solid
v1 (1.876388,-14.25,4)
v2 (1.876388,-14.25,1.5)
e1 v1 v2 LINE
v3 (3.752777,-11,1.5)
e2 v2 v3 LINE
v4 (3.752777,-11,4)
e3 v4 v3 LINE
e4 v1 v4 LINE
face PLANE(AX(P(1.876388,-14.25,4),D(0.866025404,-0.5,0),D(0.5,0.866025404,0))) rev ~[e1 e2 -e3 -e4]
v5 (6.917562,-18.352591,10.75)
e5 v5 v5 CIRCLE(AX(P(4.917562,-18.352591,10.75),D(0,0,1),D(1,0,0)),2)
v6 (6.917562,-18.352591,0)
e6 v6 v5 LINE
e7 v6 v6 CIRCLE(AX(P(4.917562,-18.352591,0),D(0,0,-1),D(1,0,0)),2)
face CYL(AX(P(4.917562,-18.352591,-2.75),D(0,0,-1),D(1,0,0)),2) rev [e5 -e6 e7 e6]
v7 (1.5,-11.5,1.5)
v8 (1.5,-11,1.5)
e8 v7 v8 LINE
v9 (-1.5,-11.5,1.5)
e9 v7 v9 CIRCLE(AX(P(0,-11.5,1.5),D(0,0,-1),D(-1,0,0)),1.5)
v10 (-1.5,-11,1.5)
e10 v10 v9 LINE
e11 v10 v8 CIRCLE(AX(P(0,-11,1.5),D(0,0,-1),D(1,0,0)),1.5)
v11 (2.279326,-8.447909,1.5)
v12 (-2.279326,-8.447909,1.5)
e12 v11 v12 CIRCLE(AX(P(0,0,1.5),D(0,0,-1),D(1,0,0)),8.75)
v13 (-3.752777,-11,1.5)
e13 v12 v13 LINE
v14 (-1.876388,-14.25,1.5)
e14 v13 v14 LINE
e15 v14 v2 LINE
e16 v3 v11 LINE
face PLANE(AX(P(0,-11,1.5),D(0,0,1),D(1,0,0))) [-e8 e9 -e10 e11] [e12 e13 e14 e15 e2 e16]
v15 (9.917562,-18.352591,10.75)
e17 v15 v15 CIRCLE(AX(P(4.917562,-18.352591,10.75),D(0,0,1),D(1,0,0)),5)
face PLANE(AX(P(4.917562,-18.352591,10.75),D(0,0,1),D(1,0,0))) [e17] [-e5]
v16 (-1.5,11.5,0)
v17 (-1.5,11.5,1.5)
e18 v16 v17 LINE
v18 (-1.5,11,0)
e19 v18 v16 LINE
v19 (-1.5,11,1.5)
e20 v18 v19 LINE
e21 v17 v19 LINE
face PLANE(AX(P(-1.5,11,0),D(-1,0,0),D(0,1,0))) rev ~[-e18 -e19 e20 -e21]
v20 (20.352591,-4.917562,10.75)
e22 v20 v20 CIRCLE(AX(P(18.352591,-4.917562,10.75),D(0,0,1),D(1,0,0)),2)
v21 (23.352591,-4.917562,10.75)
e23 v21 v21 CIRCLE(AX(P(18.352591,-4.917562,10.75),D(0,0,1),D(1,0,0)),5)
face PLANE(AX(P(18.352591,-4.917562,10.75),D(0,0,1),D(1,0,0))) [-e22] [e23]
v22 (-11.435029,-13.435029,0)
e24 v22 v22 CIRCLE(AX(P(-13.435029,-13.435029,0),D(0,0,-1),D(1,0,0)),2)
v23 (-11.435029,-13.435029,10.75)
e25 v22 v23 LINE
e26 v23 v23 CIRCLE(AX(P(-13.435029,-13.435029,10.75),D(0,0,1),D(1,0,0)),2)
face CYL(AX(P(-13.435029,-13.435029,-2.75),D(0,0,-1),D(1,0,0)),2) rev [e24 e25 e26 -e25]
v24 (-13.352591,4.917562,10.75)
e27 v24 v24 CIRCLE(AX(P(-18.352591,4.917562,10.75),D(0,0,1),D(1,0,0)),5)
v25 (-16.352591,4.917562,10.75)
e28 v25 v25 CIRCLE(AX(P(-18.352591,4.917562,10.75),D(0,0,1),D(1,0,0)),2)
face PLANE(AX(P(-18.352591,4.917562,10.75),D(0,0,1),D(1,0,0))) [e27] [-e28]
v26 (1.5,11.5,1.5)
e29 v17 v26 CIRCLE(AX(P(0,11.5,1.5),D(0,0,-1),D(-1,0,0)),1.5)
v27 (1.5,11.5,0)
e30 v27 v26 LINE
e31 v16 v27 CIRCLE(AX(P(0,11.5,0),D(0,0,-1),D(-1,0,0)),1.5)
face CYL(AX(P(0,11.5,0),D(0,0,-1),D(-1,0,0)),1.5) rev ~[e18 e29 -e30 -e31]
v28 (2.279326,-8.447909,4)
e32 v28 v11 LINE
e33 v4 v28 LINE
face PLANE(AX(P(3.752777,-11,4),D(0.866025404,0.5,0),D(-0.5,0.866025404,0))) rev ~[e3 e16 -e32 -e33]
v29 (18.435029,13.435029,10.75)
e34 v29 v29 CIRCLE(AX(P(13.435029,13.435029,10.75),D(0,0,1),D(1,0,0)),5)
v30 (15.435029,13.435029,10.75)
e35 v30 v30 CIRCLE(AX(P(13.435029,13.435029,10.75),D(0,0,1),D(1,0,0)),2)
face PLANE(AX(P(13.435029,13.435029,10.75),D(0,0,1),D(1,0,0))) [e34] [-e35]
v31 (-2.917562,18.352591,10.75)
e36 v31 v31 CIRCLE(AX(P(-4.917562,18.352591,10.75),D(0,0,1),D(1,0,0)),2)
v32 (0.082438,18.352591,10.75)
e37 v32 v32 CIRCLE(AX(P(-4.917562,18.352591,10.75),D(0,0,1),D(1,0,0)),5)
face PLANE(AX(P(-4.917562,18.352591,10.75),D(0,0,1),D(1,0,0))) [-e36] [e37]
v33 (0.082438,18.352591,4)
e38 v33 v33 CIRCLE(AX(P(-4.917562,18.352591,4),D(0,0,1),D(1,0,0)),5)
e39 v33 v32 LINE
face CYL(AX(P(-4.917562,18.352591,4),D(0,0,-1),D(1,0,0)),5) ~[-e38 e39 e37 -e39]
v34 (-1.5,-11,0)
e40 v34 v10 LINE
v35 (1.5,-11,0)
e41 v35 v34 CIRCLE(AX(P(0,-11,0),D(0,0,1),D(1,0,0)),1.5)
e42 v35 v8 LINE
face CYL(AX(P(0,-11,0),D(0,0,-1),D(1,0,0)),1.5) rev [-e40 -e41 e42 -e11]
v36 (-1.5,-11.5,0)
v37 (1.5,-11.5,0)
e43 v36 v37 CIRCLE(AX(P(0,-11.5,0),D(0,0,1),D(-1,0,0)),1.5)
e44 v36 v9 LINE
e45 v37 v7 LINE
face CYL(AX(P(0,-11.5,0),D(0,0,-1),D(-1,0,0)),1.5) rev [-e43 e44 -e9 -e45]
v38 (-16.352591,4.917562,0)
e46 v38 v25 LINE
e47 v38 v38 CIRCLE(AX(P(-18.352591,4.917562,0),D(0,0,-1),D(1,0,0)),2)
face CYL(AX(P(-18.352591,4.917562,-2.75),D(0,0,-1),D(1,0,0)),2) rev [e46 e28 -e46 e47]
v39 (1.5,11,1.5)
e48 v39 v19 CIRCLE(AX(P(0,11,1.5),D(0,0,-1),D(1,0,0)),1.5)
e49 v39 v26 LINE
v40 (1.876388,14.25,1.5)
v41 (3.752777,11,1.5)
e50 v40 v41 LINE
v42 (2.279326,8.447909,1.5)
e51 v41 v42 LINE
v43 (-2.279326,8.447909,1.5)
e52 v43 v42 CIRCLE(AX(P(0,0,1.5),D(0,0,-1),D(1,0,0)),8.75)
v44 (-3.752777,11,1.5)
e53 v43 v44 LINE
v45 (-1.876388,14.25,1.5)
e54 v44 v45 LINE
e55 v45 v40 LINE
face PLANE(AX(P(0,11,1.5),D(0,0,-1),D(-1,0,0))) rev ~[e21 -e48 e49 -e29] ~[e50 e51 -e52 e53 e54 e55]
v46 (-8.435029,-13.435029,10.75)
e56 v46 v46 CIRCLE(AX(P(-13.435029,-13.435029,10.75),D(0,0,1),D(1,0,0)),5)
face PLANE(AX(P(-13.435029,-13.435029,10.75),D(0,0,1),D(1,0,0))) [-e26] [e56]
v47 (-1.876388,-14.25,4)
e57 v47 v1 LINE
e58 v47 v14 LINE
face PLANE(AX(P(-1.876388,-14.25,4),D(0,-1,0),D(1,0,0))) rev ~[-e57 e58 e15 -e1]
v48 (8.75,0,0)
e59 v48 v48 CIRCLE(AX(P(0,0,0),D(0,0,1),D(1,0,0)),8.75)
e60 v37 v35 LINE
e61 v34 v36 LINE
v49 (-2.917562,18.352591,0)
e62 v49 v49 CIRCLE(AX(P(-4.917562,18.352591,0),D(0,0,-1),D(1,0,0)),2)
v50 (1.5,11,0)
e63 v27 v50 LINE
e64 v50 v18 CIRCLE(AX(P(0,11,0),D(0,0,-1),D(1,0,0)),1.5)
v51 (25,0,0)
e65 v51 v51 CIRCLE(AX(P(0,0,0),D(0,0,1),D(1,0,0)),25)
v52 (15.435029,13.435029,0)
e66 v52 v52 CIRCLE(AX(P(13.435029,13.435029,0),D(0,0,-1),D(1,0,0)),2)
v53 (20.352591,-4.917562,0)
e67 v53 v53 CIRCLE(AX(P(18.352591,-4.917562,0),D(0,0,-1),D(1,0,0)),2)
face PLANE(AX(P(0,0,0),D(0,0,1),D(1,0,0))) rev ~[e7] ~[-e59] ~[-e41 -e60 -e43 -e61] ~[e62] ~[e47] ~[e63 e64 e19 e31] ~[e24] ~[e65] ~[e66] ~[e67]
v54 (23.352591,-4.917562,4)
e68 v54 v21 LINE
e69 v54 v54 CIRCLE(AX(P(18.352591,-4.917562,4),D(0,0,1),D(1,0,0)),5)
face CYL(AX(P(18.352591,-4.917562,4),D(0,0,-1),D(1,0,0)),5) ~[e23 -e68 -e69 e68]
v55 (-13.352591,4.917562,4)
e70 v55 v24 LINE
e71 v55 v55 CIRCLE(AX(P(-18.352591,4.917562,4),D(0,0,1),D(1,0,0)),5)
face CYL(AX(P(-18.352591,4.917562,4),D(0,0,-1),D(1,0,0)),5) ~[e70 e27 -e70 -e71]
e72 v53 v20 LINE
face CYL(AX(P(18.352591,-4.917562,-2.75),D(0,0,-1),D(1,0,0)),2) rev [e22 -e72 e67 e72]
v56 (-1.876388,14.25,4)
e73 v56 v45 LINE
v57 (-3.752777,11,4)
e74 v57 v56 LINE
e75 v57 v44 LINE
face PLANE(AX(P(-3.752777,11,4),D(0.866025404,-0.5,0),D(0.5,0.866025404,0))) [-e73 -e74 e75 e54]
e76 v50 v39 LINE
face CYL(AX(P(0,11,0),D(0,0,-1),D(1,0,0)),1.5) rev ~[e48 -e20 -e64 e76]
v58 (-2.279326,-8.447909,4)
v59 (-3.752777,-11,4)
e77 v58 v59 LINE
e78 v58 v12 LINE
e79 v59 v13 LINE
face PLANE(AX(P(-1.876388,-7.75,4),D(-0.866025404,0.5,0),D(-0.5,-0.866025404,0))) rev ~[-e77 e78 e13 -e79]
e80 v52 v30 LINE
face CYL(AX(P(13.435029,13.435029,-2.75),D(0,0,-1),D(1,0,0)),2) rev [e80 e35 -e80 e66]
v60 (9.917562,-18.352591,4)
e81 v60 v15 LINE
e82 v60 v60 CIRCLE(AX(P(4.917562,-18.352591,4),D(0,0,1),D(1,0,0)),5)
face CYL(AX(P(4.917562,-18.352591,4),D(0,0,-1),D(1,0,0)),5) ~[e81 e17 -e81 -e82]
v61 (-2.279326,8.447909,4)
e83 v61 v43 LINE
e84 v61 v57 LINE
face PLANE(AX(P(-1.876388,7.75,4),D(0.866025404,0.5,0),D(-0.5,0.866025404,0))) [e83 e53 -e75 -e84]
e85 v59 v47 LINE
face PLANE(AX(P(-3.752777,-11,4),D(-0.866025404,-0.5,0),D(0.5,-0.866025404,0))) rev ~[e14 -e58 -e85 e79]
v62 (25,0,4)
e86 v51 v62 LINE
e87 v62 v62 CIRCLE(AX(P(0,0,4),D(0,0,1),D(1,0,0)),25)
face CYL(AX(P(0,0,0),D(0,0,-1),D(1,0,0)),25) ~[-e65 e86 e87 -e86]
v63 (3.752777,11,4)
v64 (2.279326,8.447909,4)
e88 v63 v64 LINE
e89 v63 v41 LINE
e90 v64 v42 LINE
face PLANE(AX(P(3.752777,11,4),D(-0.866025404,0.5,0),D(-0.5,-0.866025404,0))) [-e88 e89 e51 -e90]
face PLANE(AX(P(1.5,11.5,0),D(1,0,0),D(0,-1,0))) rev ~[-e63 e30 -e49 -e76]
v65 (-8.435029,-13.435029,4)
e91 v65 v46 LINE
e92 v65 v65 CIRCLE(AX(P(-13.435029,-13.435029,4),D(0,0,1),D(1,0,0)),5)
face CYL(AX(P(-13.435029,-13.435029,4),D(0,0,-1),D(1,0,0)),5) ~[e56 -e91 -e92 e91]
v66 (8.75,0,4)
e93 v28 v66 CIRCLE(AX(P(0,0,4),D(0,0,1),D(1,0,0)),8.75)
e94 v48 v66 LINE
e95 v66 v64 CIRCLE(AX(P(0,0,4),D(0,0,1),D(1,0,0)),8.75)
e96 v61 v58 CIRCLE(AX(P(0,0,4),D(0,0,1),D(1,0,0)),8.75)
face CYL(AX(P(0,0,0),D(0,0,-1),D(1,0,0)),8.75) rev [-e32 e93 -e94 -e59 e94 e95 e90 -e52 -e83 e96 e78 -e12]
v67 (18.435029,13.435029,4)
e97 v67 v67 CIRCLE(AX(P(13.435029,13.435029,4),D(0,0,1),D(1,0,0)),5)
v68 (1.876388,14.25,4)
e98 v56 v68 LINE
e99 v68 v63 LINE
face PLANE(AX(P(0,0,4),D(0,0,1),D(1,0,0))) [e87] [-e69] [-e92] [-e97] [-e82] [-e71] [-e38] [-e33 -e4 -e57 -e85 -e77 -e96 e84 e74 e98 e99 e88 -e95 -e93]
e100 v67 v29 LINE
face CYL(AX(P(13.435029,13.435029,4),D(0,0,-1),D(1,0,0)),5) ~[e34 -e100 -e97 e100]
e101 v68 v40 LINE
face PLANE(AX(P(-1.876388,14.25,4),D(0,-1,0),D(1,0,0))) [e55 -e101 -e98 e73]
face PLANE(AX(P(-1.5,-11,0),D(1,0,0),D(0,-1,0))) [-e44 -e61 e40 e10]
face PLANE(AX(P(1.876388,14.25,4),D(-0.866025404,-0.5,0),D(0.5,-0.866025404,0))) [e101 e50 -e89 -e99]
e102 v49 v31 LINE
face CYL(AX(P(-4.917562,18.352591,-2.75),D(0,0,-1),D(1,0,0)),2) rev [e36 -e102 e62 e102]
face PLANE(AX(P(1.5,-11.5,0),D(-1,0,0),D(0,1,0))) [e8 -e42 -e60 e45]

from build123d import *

# Parameters (mm, degrees)
SKETCH1_R           = 25
SKETCH1_R_2         = 8.75
BOSS_EXTRUDE1_DEPTH = 4
SKETCH2_R           = 5
SKETCH2_R_2         = 2
BOSS_EXTRUDE2_DEPTH = 6.75
CUT_EXTRUDE1_START  = -6.75
SKETCH5_R           = 2
CUT_EXTRUDE1_DEPTH  = 6.75
CUT_EXTRUDE2_DEPTH  = 2.5


with BuildPart() as part:
    # Sketch1 → Boss-Extrude1 (new body)
    with BuildSketch(Plane.XY):
        Circle(SKETCH1_R)
        Circle(SKETCH1_R_2, mode=Mode.SUBTRACT)
        with BuildLine():
            Line((-1.5, 11), (-1.5, 11.5))
            ThreePointArc((-1.5, 11.5), (0, 13), (1.5, 11.5))
            Line((1.5, 11.5), (1.5, 11))
            ThreePointArc((1.5, 11), (0, 9.5), (-1.5, 11))
        make_face(mode=Mode.SUBTRACT)
        with BuildLine():
            Line((-1.5, -11), (-1.5, -11.5))
            ThreePointArc((-1.5, -11.5), (0, -13), (1.5, -11.5))
            Line((1.5, -11.5), (1.5, -11))
            ThreePointArc((1.5, -11), (0, -9.5), (-1.5, -11))
        make_face(mode=Mode.SUBTRACT)
    extrude(amount=BOSS_EXTRUDE1_DEPTH)

    # Sketch2 → Boss-Extrude2 (add)
    # profile 1 of 6: a face of its own
    with BuildSketch(Plane.XY.offset(4)):
        with Locations((-4.917561857, 18.352590699)):
            Circle(SKETCH2_R)
        with Locations((-4.917561857, 18.352590699)):
            Circle(SKETCH2_R_2, mode=Mode.SUBTRACT)
    # profile 2 of 6: a face of its own
    with BuildSketch(Plane.XY.offset(4)):
        with Locations((-18.352590699, 4.917561857)):
            Circle(SKETCH2_R)
        with Locations((-18.352590699, 4.917561857)):
            Circle(SKETCH2_R_2, mode=Mode.SUBTRACT)
    # profile 3 of 6: a face of its own
    with BuildSketch(Plane.XY.offset(4)):
        with Locations((-13.435028843, -13.435028843)):
            Circle(SKETCH2_R)
        with Locations((-13.435028843, -13.435028843)):
            Circle(SKETCH2_R_2, mode=Mode.SUBTRACT)
    # profile 4 of 6: a face of its own
    with BuildSketch(Plane.XY.offset(4)):
        with Locations((4.917561857, -18.352590699)):
            Circle(SKETCH2_R)
        with Locations((4.917561857, -18.352590699)):
            Circle(SKETCH2_R_2, mode=Mode.SUBTRACT)
    # profile 5 of 6: a face of its own
    with BuildSketch(Plane.XY.offset(4)):
        with Locations((18.352590699, -4.917561857)):
            Circle(SKETCH2_R)
        with Locations((18.352590699, -4.917561857)):
            Circle(SKETCH2_R_2, mode=Mode.SUBTRACT)
    # profile 6 of 6: a face of its own
    with BuildSketch(Plane.XY.offset(4)):
        with Locations((13.435028843, 13.435028843)):
            Circle(SKETCH2_R)
        with Locations((13.435028843, 13.435028843)):
            Circle(SKETCH2_R_2, mode=Mode.SUBTRACT)
    extrude(amount=BOSS_EXTRUDE2_DEPTH)

    # Sketch5 → Cut-Extrude1 (cut)
    with BuildSketch(Plane.XY.offset(4).offset(CUT_EXTRUDE1_START)):
        with Locations((-18.352590699, 4.917561857)):
            Circle(SKETCH5_R)
        with Locations((-13.435028843, -13.435028843)):
            Circle(SKETCH5_R)
        with Locations((4.917561857, -18.352590699)):
            Circle(SKETCH5_R)
        with Locations((18.352590699, -4.917561857)):
            Circle(SKETCH5_R)
        with Locations((13.435028843, 13.435028843)):
            Circle(SKETCH5_R)
        with Locations((-4.917561857, 18.352590699)):
            Circle(SKETCH5_R)
    extrude(amount=CUT_EXTRUDE1_DEPTH, mode=Mode.SUBTRACT)

    # Sketch6 → Cut-Extrude2 (cut)
    with BuildSketch(Plane.XY.offset(4)):
        Polygon((1.876388375, -7.75), (-1.876388375, -7.75), (-3.75277675, -11), (-1.876388375, -14.25), (1.876388375, -14.25), (3.75277675, -11), align=None)
        Polygon((1.876388375, 14.25), (3.75277675, 11), (1.876388375, 7.75), (-1.876388375, 7.75), (-3.75277675, 11), (-1.876388375, 14.25), align=None)
    extrude(amount=-CUT_EXTRUDE2_DEPTH, mode=Mode.SUBTRACT)


solid = part.part
